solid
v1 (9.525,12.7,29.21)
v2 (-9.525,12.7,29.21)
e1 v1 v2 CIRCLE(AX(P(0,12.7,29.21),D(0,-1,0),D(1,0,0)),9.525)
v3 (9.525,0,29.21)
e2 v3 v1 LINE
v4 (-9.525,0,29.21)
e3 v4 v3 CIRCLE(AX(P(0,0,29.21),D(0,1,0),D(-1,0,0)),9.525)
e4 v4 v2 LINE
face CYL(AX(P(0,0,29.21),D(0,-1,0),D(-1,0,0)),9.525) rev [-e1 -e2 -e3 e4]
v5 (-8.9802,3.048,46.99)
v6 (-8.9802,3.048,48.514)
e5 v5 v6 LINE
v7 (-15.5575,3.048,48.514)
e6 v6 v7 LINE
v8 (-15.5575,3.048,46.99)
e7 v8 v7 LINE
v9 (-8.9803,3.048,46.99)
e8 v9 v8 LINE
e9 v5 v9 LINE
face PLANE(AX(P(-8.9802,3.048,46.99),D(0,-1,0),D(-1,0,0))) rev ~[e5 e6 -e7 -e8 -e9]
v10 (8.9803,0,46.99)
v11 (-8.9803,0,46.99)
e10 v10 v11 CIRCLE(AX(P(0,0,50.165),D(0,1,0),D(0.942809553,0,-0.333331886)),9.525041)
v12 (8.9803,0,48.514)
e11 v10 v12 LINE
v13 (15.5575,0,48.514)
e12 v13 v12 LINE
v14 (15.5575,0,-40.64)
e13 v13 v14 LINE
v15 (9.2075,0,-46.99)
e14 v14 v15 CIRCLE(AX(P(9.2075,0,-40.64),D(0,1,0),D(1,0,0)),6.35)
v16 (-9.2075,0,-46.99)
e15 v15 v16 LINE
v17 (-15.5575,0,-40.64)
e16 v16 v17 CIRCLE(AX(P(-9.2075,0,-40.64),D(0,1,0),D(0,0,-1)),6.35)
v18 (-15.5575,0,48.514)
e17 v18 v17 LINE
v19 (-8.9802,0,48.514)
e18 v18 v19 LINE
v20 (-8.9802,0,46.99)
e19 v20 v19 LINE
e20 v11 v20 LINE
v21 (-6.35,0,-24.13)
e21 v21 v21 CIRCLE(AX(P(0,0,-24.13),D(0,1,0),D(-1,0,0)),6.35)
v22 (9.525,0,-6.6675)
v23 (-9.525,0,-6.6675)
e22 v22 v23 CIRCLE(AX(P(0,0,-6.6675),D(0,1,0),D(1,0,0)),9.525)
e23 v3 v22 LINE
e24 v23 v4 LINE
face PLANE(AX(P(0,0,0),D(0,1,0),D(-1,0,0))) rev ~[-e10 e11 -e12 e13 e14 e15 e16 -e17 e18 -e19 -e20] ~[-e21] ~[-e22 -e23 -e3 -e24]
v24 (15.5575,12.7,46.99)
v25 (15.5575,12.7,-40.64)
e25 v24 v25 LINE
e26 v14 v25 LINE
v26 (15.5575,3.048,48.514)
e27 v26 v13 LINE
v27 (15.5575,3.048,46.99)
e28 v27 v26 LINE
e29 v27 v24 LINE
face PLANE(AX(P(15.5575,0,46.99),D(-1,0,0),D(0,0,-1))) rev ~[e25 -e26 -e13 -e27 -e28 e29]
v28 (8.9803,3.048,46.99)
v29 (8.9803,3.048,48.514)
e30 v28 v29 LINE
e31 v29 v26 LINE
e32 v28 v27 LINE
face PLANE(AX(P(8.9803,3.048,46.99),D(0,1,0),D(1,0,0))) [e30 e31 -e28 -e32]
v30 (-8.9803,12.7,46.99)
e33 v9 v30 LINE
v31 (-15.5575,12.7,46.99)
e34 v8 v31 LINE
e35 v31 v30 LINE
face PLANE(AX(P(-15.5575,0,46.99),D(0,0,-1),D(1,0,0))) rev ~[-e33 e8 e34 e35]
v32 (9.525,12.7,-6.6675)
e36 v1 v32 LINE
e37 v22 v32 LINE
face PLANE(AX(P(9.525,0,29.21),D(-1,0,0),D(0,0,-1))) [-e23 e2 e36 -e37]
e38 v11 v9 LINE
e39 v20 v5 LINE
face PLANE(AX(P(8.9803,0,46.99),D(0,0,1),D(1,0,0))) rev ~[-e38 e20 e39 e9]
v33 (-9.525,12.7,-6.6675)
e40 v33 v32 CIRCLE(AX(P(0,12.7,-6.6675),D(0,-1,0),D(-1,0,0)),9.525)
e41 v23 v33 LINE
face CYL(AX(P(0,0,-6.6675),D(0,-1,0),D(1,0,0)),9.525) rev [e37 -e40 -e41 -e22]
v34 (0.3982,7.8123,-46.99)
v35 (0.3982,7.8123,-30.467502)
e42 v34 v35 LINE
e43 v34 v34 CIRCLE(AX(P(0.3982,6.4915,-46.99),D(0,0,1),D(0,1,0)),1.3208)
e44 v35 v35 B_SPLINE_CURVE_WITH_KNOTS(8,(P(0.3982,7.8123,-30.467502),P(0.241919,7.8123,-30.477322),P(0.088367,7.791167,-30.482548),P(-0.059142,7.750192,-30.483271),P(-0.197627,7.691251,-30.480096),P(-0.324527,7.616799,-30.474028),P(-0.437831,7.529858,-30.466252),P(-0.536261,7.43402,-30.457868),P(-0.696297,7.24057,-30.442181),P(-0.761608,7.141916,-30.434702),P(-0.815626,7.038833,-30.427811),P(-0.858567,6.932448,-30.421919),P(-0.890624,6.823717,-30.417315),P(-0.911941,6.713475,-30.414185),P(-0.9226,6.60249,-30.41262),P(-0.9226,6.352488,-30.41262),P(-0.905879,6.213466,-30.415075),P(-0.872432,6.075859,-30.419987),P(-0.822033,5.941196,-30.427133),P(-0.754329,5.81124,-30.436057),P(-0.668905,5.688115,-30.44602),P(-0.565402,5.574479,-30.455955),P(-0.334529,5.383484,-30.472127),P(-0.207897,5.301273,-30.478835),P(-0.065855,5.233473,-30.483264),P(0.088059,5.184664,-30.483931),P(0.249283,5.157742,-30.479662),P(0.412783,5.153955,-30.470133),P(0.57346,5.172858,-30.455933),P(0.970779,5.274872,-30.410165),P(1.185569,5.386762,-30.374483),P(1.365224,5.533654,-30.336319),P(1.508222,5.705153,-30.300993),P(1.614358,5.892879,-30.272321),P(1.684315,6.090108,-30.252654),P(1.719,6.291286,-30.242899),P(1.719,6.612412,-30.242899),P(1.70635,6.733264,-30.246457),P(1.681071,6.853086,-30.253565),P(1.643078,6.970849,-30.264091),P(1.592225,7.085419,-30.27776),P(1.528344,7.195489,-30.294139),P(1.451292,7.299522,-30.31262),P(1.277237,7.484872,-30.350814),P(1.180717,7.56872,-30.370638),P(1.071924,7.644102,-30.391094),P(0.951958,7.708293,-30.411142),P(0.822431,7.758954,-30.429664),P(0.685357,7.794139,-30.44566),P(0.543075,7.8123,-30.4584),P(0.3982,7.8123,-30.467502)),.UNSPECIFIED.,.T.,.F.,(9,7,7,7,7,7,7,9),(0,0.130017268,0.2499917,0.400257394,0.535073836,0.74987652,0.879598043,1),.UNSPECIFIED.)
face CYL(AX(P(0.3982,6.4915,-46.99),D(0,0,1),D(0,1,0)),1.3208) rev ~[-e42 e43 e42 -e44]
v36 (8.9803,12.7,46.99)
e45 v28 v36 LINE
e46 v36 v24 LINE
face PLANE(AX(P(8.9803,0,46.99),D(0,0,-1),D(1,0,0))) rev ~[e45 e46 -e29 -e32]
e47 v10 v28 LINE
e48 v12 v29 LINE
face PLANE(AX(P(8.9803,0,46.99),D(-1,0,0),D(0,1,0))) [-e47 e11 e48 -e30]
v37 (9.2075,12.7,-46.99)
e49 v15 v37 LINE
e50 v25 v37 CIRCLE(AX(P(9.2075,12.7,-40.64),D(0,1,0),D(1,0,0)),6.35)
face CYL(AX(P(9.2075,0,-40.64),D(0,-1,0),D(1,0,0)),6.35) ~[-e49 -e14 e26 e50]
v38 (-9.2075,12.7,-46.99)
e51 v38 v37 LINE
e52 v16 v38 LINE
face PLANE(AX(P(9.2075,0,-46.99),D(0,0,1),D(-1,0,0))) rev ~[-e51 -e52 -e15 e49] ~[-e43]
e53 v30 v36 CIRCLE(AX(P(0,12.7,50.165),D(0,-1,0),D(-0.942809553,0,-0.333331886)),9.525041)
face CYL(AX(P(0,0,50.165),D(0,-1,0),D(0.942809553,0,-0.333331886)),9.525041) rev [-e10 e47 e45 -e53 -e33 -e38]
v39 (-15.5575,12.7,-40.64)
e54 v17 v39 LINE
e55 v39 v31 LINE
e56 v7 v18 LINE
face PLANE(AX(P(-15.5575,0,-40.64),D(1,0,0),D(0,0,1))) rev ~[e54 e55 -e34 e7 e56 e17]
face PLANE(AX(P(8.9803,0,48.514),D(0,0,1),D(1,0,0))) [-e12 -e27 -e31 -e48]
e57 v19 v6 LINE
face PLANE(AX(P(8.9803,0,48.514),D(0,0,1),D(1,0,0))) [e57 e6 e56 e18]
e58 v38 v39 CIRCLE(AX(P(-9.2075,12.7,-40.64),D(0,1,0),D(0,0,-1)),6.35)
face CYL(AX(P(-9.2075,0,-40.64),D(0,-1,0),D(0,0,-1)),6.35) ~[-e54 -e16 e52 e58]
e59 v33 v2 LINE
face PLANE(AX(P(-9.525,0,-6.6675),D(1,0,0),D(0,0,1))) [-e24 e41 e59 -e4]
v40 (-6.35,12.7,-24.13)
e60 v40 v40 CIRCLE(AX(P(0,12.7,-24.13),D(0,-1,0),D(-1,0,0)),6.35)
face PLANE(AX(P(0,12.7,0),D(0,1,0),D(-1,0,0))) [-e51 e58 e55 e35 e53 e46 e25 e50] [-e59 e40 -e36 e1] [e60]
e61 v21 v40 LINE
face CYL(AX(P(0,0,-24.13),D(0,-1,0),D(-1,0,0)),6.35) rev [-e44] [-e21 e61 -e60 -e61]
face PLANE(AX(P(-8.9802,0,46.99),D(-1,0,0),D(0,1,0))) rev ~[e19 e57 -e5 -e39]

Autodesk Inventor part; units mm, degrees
ref_plane "YZ Plane" through (0, 0, 0) normal (1, 0, 0) x (0, 1, 0)
ref_plane "XZ Plane" through (0, 0, 0) normal (0, 1, 0) x (-1, 0, 0)
ref_plane "XY Plane" through (0, 0, 0) normal (0, 0, 1) x (1, 0, 0)
sketch "Sketch1" plane through (0, 0, 0) normal (0, 1, 0) x (-1, 0, 0)
  line L0 (-9.2075, -46.99) -> (9.2075, -46.99)
  line L1 (15.5575, -40.64) -> (15.5575, 46.99)
  line L2 (-15.5575, 46.99) -> (-15.5575, -40.64)
  line L3 (-15.5575, -46.99) -> (15.5575, 46.99) construction
  line L4 (15.5575, -46.99) -> (-15.5575, 46.99) construction
  circle A0 centre (0, -24.13) radius 6.35
  line L5 (9.525, -6.6675) -> (9.525, 29.21)
  line L6 (-9.525, 29.21) -> (-9.525, -6.6675)
  line L7 (-9.525, -6.6675) -> (9.525, 29.21) construction
  line L8 (9.525, -6.6675) -> (-9.525, 29.21) construction
  arc A1 (9.525, 29.21) -> (-9.525, 29.21) centre (0, 29.21) ccw
  arc A2 (-9.525, -6.6675) -> (9.525, -6.6675) centre (0, -6.6675) ccw
  line L9 (-8.89, 46.99) -> (-15.5575, 46.99)
  arc A3 (9.2075, -46.99) -> (15.5575, -40.64) centre (9.2075, -40.64) ccw
  arc A4 (-15.5575, -40.64) -> (-9.2075, -46.99) centre (-9.2075, -40.64) ccw
  line L10 (0, 71.5612) -> (0, -73.6541)
  arc A5 (-8.9803, 46.99) -> (8.9803, 46.99) centre (0, 50.165) ccw
  line L11 (15.5575, 46.99) -> (8.9803, 46.99)
  line L12 (-8.9803, 46.99) -> (-15.5575, 46.99)
  point P0 (0, 0)
  point P1 (0, 11.2712)
  point P2 (0, 0)
  point P3 (0, 11.2712)
  dimension "d0" = 93.98
  dimension "d1" = 31.115
  dimension "d2" = 22.86
  dimension "d3" = 12.7
  dimension "d4" = 35.8775
  dimension "d5" = 19.05
  dimension "d7" = 6.35
  dimension "d12" = 19.05
  dimension "d13" = 17.78
  dimension "d14" = 3.175
extrude "Extrusion1" add sketch "Sketch1" along normal blind 12.7 contours A4 L2 L9 A5 L10 A1 L6 A2 A0 L0 | L10 A0 A2 L5 A1 A5 L11 L1 A3 L0
sketch "Sketch3" plane through (8.9803, 0, 46.99) normal (0, 0, 1) x (1, 0, 0)
  line L0 (-24.5378, 0) -> (-17.9605, 0)
  line L1 (-17.9605, 0) -> (-17.9605, 3.048)
  line L2 (-17.9605, 3.048) -> (-24.5378, 3.048)
  line L3 (-24.5378, 3.048) -> (-24.5378, 0)
  line L4 (6.5772, 0) -> (0, 0)
  line L5 (0, 0) -> (0, 3.048)
  line L6 (0, 3.048) -> (6.5772, 3.048)
  line L7 (6.5772, 3.048) -> (6.5772, 0)
  point P0 (-8.9803, 0)
  point P1 (0, 12.7)
  point P2 (-17.9605, 12.7)
  dimension "d15" = 3.048
extrude "Extrusion2" add sketch "Sketch3" along normal blind 1.524
hole "Hole1" at (0.3982, 6.4915, -46.99) direction (0, 0, 1) diameter 2.6416 depth 17.78 tip angle 118 thread size "6-32 UNC" class "2B" standard "ANSI Unified Screw Threads"
equation "\"d12\" = d5"
properties part number "Fixture_Slide_Lock_Plate"
